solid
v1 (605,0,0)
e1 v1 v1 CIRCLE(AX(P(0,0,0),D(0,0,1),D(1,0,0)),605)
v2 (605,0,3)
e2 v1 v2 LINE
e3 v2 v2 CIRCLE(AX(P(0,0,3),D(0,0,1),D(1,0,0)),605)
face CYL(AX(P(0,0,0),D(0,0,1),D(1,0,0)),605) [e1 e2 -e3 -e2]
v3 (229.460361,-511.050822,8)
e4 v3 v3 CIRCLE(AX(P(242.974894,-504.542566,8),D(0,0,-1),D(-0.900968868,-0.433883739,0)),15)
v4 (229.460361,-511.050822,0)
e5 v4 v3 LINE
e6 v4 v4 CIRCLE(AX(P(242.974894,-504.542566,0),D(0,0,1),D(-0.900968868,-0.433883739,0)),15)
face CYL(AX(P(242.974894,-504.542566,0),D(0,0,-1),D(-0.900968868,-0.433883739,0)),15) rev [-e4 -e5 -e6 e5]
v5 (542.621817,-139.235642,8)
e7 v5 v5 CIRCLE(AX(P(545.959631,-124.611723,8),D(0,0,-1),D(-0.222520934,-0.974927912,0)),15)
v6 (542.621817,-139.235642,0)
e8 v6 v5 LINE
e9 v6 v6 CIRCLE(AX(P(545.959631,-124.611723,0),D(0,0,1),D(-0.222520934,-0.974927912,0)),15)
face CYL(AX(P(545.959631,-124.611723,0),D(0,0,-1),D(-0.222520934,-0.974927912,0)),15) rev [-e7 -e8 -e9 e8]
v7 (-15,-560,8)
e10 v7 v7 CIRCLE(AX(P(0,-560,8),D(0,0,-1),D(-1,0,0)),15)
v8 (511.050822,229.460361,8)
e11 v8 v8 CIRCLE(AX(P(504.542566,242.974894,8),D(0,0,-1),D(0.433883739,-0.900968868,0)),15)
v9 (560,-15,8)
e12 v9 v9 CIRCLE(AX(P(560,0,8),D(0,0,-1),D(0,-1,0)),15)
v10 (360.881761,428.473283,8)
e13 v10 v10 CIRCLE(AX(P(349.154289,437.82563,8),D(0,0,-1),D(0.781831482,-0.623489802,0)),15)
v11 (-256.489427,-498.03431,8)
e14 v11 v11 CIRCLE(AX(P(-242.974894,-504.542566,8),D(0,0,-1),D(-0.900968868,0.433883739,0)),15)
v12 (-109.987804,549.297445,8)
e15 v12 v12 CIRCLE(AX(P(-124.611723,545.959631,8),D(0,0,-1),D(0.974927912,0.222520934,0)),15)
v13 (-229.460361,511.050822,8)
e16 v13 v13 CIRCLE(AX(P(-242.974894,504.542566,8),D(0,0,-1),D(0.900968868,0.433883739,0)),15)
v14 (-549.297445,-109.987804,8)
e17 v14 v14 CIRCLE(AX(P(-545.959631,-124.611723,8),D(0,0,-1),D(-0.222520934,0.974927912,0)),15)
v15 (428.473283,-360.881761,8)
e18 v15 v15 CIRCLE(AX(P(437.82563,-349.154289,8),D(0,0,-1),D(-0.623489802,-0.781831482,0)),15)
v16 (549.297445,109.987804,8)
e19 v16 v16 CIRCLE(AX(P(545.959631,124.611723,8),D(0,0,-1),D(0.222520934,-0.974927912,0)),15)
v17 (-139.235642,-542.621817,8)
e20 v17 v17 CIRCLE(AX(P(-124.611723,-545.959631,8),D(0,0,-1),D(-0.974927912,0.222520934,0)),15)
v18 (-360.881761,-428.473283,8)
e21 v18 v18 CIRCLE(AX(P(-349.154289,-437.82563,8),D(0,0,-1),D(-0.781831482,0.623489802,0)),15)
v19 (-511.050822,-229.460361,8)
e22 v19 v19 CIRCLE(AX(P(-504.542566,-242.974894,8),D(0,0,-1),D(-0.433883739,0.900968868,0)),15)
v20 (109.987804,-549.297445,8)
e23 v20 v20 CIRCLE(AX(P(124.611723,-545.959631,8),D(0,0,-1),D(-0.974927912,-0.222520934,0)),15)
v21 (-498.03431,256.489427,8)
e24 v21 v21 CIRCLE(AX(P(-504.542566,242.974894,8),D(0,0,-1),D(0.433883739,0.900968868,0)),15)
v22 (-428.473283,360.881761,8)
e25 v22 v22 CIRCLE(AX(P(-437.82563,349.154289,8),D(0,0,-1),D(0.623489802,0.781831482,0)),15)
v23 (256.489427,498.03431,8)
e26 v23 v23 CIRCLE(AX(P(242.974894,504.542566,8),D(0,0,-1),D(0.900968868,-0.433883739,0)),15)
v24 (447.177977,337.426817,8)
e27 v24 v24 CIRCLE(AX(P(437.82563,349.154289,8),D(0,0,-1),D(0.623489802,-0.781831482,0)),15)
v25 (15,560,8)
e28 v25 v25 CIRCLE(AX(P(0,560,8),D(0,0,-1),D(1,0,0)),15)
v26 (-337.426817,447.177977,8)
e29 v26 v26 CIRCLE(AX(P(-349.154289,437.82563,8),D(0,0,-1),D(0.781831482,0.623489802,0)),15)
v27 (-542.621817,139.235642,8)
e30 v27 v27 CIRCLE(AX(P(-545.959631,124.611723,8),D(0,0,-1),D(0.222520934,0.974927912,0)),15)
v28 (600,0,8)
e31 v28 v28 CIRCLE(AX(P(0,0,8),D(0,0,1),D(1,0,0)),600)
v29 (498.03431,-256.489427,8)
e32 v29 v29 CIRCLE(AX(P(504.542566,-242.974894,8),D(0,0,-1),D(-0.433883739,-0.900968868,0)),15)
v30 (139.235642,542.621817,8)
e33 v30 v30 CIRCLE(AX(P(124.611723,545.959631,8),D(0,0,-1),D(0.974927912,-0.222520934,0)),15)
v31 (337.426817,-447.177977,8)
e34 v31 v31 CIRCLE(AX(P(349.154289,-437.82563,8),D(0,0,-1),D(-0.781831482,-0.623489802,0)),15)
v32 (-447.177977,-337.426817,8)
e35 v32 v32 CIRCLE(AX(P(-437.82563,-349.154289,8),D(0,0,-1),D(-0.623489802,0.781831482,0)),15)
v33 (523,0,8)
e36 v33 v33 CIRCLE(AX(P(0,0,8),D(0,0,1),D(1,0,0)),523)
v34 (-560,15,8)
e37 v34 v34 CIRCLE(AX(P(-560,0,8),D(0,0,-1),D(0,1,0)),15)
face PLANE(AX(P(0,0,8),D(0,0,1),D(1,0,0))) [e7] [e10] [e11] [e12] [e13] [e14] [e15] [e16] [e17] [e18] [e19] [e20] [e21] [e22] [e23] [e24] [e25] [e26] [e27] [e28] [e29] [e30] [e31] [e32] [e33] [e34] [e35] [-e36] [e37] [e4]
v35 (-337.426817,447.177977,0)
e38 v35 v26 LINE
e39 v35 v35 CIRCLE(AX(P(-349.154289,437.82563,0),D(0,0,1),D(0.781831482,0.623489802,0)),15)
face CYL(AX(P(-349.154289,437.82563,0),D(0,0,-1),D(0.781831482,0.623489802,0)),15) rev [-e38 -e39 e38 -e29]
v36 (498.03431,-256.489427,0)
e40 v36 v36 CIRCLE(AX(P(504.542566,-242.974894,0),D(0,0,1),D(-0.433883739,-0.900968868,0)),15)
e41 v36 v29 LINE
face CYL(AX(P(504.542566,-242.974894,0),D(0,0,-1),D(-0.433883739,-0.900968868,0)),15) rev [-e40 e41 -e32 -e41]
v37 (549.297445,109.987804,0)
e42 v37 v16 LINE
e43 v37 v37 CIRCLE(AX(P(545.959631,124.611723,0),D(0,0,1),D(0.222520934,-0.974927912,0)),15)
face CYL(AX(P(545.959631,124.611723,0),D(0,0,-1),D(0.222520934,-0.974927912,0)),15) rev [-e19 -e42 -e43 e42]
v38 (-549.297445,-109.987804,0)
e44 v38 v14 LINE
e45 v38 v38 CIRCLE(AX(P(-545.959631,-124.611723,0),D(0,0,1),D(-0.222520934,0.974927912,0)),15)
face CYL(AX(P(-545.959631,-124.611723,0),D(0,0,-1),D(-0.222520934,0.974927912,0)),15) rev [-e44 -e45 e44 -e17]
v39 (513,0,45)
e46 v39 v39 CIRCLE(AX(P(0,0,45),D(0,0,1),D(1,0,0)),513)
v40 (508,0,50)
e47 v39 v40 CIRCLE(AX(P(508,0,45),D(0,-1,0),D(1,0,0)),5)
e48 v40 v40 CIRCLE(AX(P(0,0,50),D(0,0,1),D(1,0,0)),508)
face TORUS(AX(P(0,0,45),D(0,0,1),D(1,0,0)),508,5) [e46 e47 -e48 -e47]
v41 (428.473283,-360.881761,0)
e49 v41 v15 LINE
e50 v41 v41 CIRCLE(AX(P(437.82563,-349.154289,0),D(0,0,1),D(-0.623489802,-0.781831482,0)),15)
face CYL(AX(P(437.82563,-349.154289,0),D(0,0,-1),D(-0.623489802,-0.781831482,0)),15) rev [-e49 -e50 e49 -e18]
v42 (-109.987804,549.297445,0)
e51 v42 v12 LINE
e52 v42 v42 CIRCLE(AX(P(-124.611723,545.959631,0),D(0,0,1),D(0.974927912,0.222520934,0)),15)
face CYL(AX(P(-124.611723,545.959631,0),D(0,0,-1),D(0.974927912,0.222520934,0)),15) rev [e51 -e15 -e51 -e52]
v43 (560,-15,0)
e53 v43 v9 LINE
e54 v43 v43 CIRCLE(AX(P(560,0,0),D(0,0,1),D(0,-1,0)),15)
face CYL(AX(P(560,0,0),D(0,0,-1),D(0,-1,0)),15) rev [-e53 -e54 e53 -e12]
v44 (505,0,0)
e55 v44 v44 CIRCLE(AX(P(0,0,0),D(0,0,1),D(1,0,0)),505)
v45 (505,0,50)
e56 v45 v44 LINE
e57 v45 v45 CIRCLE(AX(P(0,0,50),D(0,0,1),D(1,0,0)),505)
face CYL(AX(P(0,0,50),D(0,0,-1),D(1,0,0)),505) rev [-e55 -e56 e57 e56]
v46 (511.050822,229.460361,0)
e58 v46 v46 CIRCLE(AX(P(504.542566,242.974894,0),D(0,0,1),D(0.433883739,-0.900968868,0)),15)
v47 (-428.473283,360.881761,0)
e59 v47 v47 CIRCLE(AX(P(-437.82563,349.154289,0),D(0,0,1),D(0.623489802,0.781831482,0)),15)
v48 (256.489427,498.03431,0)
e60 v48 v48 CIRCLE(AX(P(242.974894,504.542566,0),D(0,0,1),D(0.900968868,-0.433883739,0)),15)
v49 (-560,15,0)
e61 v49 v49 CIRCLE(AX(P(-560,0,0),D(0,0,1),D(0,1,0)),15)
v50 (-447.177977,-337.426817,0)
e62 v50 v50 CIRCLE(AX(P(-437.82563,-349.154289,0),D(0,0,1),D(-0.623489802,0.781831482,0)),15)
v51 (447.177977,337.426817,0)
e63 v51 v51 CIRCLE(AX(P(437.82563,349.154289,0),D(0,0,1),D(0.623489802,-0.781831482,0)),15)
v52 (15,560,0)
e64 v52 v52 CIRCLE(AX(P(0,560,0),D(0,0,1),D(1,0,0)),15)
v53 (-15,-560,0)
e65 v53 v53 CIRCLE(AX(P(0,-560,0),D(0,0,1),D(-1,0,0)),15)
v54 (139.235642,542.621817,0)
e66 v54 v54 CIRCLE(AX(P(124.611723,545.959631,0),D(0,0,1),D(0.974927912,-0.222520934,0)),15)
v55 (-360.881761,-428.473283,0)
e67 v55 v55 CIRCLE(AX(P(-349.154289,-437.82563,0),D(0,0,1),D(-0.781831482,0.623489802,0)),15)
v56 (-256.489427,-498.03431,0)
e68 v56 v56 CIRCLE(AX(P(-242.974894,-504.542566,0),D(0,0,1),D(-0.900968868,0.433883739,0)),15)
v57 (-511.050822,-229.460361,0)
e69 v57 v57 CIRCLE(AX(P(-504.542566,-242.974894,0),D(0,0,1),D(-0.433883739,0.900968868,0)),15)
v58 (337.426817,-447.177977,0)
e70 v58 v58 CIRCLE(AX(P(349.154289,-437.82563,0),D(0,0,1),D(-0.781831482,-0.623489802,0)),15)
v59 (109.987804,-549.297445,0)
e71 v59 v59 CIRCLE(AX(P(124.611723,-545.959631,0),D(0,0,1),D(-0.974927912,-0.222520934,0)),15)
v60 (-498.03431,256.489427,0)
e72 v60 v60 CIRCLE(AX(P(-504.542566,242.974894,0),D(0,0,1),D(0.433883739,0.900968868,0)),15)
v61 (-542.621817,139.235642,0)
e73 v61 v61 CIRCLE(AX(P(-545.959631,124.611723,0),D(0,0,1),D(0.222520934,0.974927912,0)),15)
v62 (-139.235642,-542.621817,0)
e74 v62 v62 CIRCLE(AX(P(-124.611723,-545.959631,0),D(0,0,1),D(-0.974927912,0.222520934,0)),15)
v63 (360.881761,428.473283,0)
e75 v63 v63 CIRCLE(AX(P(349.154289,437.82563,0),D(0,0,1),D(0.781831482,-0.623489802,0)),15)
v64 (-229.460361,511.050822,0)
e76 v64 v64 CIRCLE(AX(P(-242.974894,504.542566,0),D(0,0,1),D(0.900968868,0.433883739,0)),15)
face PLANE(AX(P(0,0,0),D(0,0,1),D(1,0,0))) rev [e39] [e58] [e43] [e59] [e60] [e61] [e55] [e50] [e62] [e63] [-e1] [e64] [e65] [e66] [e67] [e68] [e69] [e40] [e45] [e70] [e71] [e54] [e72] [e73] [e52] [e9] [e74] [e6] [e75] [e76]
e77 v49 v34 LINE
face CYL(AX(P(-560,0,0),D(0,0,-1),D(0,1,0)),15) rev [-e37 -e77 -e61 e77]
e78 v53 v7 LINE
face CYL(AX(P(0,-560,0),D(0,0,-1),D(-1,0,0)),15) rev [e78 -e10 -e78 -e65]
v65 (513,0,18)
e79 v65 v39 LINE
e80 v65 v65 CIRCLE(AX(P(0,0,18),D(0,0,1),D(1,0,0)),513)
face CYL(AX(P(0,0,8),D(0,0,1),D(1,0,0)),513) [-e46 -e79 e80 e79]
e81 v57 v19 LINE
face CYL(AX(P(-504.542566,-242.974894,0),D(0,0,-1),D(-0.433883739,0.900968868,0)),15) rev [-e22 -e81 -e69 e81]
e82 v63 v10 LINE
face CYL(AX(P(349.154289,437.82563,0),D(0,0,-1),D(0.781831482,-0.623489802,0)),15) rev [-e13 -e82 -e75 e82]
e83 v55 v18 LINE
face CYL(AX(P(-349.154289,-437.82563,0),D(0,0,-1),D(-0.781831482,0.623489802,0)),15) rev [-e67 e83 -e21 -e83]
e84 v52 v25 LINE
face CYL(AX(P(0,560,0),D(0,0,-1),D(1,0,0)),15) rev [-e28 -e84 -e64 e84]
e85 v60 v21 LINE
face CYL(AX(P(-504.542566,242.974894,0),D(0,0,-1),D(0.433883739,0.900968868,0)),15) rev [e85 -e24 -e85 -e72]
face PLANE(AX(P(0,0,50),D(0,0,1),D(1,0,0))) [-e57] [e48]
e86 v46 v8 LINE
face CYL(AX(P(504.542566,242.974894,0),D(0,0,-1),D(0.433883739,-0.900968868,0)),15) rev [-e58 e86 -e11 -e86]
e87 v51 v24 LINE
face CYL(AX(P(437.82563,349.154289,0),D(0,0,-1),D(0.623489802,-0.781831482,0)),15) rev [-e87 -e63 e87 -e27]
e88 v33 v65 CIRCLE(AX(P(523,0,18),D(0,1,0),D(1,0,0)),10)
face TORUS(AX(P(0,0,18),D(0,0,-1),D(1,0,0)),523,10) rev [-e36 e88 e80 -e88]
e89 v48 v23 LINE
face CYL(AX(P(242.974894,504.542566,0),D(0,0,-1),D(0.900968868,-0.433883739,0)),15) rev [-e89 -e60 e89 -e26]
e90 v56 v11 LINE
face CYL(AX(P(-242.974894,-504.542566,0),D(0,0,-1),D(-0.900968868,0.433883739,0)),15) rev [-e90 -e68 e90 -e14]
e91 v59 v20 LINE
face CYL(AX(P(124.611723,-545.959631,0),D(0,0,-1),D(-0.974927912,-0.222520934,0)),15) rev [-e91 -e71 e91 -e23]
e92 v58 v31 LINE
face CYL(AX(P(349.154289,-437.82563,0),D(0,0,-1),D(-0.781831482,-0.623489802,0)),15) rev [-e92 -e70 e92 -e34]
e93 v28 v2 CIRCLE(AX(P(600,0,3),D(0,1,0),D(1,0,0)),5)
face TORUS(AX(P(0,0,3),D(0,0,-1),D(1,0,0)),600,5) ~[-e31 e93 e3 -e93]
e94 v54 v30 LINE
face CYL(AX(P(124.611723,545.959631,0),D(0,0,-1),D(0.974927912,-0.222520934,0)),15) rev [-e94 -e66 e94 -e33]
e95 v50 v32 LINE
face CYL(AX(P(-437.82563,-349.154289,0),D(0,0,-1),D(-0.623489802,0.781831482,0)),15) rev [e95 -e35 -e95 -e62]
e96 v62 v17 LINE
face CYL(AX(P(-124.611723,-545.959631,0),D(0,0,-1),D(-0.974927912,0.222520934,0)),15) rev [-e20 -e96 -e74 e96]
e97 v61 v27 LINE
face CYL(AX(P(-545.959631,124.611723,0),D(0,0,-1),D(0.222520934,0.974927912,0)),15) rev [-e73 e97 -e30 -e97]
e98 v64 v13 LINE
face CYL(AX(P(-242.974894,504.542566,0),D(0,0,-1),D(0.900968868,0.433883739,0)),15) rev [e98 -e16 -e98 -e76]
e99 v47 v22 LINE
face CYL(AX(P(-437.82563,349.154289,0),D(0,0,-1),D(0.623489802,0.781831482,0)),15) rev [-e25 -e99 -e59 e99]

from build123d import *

# Parameters (mm, degrees)
FILLET_R           = 10
FILLET001_R        = 5
SKETCH001_R        = 15
POCKET_DEPTH       = 3473.858474
POLARPATTERN_COUNT = 28


with BuildPart() as part:
    # Sketch → Revolution (revolve)
    with BuildSketch(Plane.XZ):
        Polygon((505, 50), (505, 0), (605, 0), (605, 8), (513, 8), (513, 50), align=None)
    revolve(axis=Axis((0, 0, 0), (0, 0, 1)))

    # Fillet
    fillet_edges = [part.edges().sort_by_distance(p)[0] for p in [
        (-513, 0, 8),
    ]]
    fillet(fillet_edges, radius=FILLET_R)

    # Fillet001
    fillet001_edges = [part.edges().sort_by_distance(p)[0] for p in [
        (-605, 0, 8),
        (-513, 0, 50),
    ]]
    fillet(fillet001_edges, radius=FILLET001_R)

    # Sketch001 → Pocket (cut, through all)
    with BuildSketch(Plane.XY):
        with Locations((0, 560)):
            Circle(SKETCH001_R)
    pocket = extrude(amount=POCKET_DEPTH, mode=Mode.SUBTRACT)

    # PolarPattern: Pocket ×28 about axis
    polarpattern_axis = Axis((0, 0, 0), (0, 0, 1))
    for i in range(1, POLARPATTERN_COUNT):
        add(pocket.rotate(polarpattern_axis, i * 360 / POLARPATTERN_COUNT), mode=Mode.SUBTRACT)


solid = part.part
